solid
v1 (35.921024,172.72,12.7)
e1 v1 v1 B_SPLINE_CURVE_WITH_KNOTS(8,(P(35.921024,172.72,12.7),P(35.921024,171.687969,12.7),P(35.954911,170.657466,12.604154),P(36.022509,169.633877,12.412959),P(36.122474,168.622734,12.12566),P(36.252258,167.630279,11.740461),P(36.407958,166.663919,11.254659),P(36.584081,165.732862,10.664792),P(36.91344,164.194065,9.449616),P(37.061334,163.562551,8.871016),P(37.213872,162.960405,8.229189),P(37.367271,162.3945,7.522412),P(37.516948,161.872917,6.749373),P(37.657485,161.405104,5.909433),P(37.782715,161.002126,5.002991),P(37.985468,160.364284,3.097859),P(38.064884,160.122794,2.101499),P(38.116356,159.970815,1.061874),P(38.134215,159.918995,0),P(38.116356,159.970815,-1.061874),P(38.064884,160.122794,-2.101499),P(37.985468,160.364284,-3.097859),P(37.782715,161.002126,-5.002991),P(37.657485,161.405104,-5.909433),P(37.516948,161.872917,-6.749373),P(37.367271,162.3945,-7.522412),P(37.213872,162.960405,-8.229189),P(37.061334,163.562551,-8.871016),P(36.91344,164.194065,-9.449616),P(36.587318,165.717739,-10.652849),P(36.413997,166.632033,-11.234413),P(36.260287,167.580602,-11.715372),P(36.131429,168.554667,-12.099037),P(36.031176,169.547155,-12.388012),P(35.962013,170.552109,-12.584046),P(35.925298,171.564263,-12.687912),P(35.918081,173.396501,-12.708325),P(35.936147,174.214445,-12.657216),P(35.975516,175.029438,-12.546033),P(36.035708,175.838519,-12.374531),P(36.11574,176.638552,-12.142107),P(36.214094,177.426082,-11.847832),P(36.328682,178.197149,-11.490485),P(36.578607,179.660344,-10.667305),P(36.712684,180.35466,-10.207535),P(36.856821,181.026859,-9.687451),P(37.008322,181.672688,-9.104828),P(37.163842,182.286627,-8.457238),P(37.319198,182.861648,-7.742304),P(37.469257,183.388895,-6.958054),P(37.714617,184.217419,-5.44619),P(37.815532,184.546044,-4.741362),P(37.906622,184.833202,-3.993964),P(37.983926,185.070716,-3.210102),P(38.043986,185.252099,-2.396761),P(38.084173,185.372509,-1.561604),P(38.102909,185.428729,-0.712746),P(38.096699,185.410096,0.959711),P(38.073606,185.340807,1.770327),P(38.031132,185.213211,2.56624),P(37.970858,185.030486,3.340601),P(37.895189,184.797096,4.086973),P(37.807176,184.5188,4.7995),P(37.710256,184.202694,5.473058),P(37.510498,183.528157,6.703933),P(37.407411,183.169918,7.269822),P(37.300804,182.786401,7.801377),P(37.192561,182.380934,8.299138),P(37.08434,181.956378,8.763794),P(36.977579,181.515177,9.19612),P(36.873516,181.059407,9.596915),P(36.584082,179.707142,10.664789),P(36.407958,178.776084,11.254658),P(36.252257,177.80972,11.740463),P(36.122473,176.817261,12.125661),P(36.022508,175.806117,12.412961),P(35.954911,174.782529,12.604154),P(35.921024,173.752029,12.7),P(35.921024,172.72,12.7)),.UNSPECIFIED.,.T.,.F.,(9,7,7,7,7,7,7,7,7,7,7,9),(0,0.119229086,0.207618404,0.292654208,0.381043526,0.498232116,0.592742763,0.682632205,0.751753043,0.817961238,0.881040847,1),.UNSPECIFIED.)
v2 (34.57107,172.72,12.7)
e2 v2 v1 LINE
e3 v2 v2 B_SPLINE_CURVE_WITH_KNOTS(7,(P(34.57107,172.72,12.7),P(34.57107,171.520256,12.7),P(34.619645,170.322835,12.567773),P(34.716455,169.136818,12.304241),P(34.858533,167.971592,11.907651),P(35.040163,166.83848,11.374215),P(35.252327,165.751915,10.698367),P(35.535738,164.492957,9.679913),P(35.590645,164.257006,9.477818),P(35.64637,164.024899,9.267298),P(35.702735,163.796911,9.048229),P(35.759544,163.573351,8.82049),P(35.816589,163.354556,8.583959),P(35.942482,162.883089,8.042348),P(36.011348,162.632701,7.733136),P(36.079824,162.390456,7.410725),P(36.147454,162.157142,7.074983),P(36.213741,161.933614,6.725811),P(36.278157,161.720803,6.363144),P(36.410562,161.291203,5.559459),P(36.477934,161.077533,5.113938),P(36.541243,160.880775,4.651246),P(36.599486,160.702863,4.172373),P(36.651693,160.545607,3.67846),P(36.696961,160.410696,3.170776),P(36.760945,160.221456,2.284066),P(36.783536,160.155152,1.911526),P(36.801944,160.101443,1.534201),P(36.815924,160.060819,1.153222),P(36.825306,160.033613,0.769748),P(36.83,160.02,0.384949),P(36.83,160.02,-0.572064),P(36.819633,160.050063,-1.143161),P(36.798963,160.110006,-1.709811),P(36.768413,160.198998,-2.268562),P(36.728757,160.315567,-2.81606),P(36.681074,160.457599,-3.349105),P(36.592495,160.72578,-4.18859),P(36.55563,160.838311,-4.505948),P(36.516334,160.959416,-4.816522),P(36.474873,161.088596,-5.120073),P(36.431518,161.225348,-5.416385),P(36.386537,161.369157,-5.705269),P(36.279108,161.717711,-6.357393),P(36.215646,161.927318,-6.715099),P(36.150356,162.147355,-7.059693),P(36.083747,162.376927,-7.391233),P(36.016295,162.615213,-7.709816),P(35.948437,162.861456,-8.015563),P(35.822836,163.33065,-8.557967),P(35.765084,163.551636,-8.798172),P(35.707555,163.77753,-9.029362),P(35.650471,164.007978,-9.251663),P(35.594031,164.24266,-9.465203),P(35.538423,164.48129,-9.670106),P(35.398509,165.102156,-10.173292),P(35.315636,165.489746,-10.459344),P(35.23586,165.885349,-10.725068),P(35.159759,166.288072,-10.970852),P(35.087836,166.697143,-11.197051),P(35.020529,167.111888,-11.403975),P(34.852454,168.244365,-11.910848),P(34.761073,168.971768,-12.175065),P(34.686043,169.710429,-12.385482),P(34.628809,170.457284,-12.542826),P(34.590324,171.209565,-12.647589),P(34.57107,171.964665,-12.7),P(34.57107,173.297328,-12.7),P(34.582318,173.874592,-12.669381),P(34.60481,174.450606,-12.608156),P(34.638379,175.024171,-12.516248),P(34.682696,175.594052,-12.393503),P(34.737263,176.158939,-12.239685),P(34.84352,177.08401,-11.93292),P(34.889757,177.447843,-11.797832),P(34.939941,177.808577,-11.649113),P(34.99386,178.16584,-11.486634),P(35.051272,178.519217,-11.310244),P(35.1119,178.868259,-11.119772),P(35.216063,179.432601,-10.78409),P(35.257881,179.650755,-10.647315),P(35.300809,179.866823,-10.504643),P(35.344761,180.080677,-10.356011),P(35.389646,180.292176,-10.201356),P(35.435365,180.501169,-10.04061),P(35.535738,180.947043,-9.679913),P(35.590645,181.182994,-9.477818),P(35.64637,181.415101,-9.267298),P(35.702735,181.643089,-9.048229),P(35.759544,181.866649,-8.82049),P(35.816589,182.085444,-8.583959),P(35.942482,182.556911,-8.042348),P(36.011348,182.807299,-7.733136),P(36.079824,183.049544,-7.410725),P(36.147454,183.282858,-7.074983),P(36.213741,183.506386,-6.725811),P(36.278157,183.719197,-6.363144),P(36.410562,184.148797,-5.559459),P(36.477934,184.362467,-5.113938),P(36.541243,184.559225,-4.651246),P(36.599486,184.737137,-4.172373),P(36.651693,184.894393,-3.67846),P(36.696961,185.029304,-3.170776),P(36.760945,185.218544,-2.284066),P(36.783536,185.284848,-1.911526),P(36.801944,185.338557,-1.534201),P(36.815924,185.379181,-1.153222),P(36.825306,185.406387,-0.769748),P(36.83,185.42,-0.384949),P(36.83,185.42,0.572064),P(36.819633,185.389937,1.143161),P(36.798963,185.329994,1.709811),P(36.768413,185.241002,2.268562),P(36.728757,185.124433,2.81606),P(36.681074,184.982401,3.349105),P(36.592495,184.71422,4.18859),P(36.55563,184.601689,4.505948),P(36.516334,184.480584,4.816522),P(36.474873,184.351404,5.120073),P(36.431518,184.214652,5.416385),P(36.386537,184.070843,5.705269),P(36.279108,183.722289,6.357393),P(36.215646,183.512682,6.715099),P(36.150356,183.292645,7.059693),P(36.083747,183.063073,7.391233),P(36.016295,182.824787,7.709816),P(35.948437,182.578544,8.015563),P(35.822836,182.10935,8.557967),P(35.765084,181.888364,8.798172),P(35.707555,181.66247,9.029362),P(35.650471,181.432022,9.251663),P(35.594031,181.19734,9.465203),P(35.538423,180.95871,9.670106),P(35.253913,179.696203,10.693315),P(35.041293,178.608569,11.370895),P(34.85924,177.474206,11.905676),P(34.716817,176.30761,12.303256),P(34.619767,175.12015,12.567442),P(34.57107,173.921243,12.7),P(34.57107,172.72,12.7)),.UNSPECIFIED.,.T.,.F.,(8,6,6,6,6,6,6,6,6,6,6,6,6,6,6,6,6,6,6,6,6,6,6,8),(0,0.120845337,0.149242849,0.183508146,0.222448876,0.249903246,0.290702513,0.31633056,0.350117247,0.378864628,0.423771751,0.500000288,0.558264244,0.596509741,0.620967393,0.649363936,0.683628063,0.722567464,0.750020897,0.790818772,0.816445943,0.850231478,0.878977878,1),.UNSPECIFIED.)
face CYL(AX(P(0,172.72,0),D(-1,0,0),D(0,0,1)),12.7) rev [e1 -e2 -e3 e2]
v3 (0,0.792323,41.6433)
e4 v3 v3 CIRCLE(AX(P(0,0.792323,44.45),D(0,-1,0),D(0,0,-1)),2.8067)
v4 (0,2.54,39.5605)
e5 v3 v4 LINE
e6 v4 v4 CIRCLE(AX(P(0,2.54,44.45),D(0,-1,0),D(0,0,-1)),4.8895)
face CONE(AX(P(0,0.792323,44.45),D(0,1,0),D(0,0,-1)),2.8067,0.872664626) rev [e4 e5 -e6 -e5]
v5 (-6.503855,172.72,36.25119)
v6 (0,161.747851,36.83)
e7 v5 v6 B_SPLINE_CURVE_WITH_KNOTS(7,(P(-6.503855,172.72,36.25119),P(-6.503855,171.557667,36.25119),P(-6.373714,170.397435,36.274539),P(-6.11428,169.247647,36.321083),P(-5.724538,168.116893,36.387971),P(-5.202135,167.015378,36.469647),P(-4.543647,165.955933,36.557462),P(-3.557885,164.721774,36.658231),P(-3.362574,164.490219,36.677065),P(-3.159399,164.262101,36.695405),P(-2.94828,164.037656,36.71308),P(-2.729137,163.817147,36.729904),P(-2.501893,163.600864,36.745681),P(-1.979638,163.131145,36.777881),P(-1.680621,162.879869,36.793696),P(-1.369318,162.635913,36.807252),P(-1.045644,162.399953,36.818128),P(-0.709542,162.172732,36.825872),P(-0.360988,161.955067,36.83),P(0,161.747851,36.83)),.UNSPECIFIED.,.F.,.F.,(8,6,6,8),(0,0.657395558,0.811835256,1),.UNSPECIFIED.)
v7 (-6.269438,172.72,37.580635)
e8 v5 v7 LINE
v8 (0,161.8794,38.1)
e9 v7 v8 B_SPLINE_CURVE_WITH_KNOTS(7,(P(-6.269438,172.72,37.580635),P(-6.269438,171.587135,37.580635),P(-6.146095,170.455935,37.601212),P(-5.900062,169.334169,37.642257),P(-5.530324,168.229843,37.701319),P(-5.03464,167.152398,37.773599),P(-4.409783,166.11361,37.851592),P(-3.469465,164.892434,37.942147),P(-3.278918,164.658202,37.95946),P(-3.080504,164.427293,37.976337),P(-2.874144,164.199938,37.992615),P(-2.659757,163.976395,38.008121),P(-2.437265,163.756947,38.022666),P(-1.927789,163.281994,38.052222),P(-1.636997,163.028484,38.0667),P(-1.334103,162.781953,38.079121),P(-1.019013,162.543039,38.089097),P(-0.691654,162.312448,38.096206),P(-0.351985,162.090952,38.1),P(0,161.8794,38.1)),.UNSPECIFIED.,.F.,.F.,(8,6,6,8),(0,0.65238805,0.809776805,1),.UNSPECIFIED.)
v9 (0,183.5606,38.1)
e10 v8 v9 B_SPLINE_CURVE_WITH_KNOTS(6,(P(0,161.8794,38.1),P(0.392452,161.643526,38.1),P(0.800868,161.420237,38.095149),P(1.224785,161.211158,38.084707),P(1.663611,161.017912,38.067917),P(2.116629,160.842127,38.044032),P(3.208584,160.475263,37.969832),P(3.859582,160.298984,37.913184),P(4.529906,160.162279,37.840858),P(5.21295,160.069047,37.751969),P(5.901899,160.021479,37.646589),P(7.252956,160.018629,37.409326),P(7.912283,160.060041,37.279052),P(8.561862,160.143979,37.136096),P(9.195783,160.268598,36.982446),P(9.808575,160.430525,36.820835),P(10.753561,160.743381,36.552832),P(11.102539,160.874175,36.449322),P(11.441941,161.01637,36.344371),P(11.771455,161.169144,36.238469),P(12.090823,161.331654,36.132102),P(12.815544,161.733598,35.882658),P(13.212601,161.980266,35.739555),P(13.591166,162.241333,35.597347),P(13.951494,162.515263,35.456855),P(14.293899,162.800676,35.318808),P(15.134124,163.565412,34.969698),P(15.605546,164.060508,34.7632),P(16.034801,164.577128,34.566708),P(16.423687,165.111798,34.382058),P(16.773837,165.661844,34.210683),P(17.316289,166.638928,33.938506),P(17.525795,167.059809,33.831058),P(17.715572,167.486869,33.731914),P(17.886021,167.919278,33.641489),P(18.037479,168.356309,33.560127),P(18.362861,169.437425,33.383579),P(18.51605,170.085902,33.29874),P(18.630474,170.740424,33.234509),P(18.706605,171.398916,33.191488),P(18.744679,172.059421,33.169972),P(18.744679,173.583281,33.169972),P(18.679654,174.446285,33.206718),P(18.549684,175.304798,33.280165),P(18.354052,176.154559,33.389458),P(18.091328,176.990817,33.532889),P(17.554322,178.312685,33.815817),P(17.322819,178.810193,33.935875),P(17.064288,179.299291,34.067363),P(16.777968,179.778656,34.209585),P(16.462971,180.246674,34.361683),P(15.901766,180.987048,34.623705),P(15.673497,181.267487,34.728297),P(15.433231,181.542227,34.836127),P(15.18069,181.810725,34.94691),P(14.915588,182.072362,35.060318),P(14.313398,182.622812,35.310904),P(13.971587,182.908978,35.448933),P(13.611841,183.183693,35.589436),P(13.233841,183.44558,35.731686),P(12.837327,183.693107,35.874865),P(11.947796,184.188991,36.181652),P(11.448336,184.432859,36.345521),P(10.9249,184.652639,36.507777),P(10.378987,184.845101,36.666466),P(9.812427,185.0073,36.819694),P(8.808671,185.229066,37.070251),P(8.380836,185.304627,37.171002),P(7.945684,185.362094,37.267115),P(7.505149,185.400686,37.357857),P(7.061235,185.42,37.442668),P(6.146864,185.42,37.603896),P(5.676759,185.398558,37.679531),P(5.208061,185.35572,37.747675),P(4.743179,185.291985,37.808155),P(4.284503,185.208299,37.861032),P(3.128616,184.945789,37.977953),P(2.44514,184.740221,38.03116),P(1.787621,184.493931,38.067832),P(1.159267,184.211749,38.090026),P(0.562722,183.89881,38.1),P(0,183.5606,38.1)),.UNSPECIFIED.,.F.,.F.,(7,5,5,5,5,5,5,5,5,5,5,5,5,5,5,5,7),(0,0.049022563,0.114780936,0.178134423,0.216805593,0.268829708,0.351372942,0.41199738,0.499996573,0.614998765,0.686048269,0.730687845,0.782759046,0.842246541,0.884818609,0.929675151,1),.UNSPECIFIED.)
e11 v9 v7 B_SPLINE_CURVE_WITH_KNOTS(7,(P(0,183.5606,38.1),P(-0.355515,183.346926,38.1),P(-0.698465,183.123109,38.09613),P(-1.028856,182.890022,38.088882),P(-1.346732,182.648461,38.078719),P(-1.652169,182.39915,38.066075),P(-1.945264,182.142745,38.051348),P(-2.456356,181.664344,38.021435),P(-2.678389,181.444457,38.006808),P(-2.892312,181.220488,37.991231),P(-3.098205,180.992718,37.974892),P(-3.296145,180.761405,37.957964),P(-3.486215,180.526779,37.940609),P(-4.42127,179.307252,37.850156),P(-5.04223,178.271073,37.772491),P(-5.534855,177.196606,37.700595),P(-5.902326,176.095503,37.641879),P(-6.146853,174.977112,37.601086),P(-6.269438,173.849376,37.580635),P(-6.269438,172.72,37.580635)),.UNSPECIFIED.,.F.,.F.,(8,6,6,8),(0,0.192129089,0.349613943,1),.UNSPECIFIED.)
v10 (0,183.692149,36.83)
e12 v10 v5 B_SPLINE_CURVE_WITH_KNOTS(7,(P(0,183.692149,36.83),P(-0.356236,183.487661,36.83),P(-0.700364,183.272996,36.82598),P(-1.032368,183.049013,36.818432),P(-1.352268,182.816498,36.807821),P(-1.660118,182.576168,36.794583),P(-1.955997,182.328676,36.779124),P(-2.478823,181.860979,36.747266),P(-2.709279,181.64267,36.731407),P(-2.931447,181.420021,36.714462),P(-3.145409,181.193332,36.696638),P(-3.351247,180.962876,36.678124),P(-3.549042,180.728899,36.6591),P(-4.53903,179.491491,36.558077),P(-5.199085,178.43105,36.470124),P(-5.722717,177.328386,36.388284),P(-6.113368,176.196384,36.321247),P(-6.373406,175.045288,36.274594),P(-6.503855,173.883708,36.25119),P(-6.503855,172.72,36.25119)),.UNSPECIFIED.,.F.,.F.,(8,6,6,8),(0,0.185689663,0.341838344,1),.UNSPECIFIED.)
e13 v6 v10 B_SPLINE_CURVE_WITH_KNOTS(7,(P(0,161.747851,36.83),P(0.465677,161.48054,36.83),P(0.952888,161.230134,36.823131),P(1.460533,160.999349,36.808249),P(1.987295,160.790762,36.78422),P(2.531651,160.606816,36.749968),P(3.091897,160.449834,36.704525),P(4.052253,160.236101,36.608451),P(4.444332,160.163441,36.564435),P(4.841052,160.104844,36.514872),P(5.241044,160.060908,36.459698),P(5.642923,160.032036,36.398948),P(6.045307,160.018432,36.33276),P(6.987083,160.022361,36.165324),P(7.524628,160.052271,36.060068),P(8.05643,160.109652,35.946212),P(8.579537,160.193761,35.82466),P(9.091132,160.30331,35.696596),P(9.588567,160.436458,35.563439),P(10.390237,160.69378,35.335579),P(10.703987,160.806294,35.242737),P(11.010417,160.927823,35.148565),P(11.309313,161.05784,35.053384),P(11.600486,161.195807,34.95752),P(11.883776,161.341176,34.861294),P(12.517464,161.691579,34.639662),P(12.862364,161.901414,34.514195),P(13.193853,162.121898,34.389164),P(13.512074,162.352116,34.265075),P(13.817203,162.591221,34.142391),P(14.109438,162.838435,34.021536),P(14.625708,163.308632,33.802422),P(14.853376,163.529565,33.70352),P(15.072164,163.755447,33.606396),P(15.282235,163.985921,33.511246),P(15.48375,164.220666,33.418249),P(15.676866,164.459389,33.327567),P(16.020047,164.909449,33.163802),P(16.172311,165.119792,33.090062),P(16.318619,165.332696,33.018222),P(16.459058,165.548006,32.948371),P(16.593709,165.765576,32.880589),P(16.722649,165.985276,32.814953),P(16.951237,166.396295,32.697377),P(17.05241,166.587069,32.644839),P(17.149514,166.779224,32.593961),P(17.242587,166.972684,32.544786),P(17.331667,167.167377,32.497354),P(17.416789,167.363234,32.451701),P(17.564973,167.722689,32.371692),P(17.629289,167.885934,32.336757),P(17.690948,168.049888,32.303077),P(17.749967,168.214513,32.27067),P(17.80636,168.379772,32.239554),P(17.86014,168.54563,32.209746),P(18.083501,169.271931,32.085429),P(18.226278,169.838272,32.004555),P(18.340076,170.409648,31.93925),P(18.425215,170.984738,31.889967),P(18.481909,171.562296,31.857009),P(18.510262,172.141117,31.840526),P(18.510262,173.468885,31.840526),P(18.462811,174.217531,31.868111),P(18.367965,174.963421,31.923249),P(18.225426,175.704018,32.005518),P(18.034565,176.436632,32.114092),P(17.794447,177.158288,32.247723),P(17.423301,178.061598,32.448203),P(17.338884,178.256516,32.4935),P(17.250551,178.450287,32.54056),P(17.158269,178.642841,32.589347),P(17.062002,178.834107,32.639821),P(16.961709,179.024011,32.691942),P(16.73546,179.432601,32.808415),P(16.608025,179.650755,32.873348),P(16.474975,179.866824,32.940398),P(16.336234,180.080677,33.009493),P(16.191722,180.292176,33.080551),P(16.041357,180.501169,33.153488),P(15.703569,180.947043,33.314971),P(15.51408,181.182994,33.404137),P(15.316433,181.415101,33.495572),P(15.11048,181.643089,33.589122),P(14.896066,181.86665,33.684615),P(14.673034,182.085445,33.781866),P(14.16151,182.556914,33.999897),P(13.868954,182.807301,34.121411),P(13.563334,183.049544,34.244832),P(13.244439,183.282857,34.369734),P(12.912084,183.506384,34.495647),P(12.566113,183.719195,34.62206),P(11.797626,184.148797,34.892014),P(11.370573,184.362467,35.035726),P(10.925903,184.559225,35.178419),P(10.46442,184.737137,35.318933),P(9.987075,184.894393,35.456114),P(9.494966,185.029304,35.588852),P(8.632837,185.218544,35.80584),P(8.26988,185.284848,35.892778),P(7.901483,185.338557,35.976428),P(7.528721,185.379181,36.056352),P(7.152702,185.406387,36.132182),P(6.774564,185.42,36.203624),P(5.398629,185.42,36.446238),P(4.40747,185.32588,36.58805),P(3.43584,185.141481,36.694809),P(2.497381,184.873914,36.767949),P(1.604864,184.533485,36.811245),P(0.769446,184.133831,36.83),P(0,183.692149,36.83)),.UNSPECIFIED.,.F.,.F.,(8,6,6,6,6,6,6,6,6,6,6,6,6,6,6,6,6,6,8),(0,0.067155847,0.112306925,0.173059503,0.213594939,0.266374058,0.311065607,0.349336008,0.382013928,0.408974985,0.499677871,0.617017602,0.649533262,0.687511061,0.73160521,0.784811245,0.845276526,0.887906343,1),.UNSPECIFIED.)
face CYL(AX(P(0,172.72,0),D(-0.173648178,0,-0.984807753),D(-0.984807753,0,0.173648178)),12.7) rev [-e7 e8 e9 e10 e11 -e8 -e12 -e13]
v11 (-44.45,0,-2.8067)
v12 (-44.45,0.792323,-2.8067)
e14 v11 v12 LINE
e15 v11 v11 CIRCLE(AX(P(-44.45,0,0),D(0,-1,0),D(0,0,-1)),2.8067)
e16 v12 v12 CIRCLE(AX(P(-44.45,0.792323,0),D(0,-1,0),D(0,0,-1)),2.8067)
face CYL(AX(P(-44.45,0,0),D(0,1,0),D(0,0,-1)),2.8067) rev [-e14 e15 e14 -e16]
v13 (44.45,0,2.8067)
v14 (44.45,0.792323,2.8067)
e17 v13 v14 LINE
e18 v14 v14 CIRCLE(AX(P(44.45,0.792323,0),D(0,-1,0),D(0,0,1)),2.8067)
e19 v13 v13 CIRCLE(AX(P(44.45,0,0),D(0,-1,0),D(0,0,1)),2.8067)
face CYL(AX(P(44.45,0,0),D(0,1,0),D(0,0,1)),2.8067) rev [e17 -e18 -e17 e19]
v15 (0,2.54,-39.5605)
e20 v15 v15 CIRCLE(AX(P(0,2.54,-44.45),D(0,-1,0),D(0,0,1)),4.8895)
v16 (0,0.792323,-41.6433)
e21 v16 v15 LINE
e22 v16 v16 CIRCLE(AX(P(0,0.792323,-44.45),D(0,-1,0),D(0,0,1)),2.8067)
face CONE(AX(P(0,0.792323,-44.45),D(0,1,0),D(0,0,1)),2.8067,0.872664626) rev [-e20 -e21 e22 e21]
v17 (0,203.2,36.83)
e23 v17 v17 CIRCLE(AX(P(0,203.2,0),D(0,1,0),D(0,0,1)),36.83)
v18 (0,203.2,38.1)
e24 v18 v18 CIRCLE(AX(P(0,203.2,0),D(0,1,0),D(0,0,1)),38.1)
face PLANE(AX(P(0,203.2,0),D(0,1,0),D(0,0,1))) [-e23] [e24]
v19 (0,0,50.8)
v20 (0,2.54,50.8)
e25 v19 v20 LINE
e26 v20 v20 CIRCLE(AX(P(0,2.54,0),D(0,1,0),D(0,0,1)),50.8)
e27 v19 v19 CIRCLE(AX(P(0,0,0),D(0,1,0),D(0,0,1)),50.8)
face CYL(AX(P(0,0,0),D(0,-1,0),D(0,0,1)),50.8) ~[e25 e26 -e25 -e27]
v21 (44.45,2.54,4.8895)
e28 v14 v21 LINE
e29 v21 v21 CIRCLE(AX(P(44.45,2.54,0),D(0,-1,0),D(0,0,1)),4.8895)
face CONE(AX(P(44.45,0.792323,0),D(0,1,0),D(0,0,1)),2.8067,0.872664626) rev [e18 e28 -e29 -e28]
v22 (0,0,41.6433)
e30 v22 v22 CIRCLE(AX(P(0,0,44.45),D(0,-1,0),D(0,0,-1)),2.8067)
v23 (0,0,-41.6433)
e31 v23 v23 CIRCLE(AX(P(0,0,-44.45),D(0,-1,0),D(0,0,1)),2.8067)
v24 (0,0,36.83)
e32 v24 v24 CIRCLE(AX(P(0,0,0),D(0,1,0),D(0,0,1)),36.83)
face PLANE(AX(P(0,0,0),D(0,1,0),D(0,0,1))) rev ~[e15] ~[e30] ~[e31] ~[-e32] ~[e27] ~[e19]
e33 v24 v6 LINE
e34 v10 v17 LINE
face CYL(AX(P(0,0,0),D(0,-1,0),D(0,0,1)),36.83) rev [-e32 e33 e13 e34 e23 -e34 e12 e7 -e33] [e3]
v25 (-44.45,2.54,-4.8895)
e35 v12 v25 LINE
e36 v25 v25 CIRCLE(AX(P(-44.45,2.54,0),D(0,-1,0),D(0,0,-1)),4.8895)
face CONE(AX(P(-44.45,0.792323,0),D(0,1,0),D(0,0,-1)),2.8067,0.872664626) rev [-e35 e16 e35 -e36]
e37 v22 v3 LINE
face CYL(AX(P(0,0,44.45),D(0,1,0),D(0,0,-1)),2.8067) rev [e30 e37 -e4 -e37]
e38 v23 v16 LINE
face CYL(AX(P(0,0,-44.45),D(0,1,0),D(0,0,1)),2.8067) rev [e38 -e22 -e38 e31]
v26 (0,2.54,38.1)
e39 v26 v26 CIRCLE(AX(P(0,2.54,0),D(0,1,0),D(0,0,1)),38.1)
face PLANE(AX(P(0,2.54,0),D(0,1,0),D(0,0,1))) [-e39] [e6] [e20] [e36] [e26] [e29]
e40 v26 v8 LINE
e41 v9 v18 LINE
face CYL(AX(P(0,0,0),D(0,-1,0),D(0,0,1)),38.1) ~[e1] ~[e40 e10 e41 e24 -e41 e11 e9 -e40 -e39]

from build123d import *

# Parameters (mm, degrees)
SKETCH1_R                                  = 38.1
SKETCH1_R_2                                = 36.83
BOSS_EXTRUDE1_DEPTH                        = 203.2
SKETCH2_R                                  = 12.7
CUT_EXTRUDE1_DEPTH                         = 211.222406037
CIRPATTERN2_COUNT                          = 2
CIRPATTERN2_ANGLE                          = 80
SKETCH5_R                                  = 50.8
SKETCH5_R_2                                = 38.1
BOSS_EXTRUDE2_DEPTH                        = 2.54
CSK_FOR_10_FLAT_HEAD_MACHINE_SCREW_2_COUNT = 2
CSK_FOR_10_FLAT_HEAD_MACHINE_SCREW_2_PITCH = 62.861792847
CIRPATTERN3_COUNT                          = 2


with BuildPart() as part:
    # Sketch1 → Boss-Extrude1 (new body)
    with BuildSketch(Plane(origin=(0, 0, 0), x_dir=(1, 0, 0), z_dir=(0, 1, 0))):
        with Locations(Location((0, 0, 0), (0, 0, 270))):
            Circle(SKETCH1_R)
        with Locations(Location((0, 0, 0), (0, 0, 270))):
            Circle(SKETCH1_R_2, mode=Mode.SUBTRACT)
    extrude(amount=BOSS_EXTRUDE1_DEPTH)

    # Sketch2 → Cut-Extrude1 (cut, through all)
    with BuildSketch(Plane(origin=(0, 0, 0), x_dir=(0, 0, -1), z_dir=(1, 0, 0))):
        with Locations(Location((0, 172.72, 0), (0, 0, 180))):
            Circle(SKETCH2_R)
    cut_extrude1 = extrude(amount=CUT_EXTRUDE1_DEPTH, mode=Mode.SUBTRACT)

    # CirPattern2: Cut-Extrude1 ×2 about axis
    cirpattern2_axis = Axis((0, 203.2, 0), (0, -1, 0))
    for i in range(1, CIRPATTERN2_COUNT):
        add(cut_extrude1.rotate(cirpattern2_axis, i * CIRPATTERN2_ANGLE / (CIRPATTERN2_COUNT - 1)), mode=Mode.SUBTRACT)

    # Sketch5 → Boss-Extrude2 (add)
    with BuildSketch(Plane(origin=(0, 0, 0), x_dir=(1, 0, 0), z_dir=(0, 1, 0))):
        with Locations(Location((0, 0, 0), (0, 0, 270))):
            Circle(SKETCH5_R)
        with Locations(Location((0, 0, 0), (0, 0, 270))):
            Circle(SKETCH5_R_2, mode=Mode.SUBTRACT)
    extrude(amount=BOSS_EXTRUDE2_DEPTH)

    # Sketch7 → CSK for #10 Flat Head Machine Screw (100)1 (revolve, cut)
    with BuildSketch(Plane(origin=(0, 2.54, -44.45), x_dir=(0, 0, 1), z_dir=(1, 0, 0))):
        Polygon((0, 0), (0, 2.54), (2.8067, 2.54), (2.8067, 1.747676712), (4.8895, 0), align=None)
    csk_for_10_flat_head_machine_screw_100 = revolve(axis=Axis((0, 8.89, -44.45), (0, -1, 0)), mode=Mode.SUBTRACT)

    # CSK for _10 Flat Head Machine Screw  2: CSK for #10 Flat Head Machine Screw (100)1 ×2
    with Locations(*[Vector(0.7071067811865476, 0, 0.7071067811865476) * (i * CSK_FOR_10_FLAT_HEAD_MACHINE_SCREW_2_PITCH) for i in range(1, CSK_FOR_10_FLAT_HEAD_MACHINE_SCREW_2_COUNT)]):
        add(csk_for_10_flat_head_machine_screw_100, mode=Mode.SUBTRACT)

    # CirPattern3: CSK for #10 Flat Head Machine Screw (100)1 ×2 about axis
    cirpattern3_axis = Axis((0, 0, 0), (0, 1, 0))
    for i in range(1, CIRPATTERN3_COUNT):
        add(csk_for_10_flat_head_machine_screw_100.rotate(cirpattern3_axis, i * 360 / CIRPATTERN3_COUNT), mode=Mode.SUBTRACT)

    # CirPattern3 copy 1 sketch → CirPattern3 copy 1 (revolve, cut)
    with BuildSketch(Plane(origin=(-44.45, 2.54, 0), x_dir=(0, 0, -1), z_dir=(-1, 0, 0))):
        Polygon((0, 0), (0, 2.54), (2.8067, 2.54), (2.8067, 1.747676712), (4.8895, 0), align=None)
    revolve(axis=Axis((-44.45, 8.89, 0), (0, -1, 0)), mode=Mode.SUBTRACT)


solid = part.part
